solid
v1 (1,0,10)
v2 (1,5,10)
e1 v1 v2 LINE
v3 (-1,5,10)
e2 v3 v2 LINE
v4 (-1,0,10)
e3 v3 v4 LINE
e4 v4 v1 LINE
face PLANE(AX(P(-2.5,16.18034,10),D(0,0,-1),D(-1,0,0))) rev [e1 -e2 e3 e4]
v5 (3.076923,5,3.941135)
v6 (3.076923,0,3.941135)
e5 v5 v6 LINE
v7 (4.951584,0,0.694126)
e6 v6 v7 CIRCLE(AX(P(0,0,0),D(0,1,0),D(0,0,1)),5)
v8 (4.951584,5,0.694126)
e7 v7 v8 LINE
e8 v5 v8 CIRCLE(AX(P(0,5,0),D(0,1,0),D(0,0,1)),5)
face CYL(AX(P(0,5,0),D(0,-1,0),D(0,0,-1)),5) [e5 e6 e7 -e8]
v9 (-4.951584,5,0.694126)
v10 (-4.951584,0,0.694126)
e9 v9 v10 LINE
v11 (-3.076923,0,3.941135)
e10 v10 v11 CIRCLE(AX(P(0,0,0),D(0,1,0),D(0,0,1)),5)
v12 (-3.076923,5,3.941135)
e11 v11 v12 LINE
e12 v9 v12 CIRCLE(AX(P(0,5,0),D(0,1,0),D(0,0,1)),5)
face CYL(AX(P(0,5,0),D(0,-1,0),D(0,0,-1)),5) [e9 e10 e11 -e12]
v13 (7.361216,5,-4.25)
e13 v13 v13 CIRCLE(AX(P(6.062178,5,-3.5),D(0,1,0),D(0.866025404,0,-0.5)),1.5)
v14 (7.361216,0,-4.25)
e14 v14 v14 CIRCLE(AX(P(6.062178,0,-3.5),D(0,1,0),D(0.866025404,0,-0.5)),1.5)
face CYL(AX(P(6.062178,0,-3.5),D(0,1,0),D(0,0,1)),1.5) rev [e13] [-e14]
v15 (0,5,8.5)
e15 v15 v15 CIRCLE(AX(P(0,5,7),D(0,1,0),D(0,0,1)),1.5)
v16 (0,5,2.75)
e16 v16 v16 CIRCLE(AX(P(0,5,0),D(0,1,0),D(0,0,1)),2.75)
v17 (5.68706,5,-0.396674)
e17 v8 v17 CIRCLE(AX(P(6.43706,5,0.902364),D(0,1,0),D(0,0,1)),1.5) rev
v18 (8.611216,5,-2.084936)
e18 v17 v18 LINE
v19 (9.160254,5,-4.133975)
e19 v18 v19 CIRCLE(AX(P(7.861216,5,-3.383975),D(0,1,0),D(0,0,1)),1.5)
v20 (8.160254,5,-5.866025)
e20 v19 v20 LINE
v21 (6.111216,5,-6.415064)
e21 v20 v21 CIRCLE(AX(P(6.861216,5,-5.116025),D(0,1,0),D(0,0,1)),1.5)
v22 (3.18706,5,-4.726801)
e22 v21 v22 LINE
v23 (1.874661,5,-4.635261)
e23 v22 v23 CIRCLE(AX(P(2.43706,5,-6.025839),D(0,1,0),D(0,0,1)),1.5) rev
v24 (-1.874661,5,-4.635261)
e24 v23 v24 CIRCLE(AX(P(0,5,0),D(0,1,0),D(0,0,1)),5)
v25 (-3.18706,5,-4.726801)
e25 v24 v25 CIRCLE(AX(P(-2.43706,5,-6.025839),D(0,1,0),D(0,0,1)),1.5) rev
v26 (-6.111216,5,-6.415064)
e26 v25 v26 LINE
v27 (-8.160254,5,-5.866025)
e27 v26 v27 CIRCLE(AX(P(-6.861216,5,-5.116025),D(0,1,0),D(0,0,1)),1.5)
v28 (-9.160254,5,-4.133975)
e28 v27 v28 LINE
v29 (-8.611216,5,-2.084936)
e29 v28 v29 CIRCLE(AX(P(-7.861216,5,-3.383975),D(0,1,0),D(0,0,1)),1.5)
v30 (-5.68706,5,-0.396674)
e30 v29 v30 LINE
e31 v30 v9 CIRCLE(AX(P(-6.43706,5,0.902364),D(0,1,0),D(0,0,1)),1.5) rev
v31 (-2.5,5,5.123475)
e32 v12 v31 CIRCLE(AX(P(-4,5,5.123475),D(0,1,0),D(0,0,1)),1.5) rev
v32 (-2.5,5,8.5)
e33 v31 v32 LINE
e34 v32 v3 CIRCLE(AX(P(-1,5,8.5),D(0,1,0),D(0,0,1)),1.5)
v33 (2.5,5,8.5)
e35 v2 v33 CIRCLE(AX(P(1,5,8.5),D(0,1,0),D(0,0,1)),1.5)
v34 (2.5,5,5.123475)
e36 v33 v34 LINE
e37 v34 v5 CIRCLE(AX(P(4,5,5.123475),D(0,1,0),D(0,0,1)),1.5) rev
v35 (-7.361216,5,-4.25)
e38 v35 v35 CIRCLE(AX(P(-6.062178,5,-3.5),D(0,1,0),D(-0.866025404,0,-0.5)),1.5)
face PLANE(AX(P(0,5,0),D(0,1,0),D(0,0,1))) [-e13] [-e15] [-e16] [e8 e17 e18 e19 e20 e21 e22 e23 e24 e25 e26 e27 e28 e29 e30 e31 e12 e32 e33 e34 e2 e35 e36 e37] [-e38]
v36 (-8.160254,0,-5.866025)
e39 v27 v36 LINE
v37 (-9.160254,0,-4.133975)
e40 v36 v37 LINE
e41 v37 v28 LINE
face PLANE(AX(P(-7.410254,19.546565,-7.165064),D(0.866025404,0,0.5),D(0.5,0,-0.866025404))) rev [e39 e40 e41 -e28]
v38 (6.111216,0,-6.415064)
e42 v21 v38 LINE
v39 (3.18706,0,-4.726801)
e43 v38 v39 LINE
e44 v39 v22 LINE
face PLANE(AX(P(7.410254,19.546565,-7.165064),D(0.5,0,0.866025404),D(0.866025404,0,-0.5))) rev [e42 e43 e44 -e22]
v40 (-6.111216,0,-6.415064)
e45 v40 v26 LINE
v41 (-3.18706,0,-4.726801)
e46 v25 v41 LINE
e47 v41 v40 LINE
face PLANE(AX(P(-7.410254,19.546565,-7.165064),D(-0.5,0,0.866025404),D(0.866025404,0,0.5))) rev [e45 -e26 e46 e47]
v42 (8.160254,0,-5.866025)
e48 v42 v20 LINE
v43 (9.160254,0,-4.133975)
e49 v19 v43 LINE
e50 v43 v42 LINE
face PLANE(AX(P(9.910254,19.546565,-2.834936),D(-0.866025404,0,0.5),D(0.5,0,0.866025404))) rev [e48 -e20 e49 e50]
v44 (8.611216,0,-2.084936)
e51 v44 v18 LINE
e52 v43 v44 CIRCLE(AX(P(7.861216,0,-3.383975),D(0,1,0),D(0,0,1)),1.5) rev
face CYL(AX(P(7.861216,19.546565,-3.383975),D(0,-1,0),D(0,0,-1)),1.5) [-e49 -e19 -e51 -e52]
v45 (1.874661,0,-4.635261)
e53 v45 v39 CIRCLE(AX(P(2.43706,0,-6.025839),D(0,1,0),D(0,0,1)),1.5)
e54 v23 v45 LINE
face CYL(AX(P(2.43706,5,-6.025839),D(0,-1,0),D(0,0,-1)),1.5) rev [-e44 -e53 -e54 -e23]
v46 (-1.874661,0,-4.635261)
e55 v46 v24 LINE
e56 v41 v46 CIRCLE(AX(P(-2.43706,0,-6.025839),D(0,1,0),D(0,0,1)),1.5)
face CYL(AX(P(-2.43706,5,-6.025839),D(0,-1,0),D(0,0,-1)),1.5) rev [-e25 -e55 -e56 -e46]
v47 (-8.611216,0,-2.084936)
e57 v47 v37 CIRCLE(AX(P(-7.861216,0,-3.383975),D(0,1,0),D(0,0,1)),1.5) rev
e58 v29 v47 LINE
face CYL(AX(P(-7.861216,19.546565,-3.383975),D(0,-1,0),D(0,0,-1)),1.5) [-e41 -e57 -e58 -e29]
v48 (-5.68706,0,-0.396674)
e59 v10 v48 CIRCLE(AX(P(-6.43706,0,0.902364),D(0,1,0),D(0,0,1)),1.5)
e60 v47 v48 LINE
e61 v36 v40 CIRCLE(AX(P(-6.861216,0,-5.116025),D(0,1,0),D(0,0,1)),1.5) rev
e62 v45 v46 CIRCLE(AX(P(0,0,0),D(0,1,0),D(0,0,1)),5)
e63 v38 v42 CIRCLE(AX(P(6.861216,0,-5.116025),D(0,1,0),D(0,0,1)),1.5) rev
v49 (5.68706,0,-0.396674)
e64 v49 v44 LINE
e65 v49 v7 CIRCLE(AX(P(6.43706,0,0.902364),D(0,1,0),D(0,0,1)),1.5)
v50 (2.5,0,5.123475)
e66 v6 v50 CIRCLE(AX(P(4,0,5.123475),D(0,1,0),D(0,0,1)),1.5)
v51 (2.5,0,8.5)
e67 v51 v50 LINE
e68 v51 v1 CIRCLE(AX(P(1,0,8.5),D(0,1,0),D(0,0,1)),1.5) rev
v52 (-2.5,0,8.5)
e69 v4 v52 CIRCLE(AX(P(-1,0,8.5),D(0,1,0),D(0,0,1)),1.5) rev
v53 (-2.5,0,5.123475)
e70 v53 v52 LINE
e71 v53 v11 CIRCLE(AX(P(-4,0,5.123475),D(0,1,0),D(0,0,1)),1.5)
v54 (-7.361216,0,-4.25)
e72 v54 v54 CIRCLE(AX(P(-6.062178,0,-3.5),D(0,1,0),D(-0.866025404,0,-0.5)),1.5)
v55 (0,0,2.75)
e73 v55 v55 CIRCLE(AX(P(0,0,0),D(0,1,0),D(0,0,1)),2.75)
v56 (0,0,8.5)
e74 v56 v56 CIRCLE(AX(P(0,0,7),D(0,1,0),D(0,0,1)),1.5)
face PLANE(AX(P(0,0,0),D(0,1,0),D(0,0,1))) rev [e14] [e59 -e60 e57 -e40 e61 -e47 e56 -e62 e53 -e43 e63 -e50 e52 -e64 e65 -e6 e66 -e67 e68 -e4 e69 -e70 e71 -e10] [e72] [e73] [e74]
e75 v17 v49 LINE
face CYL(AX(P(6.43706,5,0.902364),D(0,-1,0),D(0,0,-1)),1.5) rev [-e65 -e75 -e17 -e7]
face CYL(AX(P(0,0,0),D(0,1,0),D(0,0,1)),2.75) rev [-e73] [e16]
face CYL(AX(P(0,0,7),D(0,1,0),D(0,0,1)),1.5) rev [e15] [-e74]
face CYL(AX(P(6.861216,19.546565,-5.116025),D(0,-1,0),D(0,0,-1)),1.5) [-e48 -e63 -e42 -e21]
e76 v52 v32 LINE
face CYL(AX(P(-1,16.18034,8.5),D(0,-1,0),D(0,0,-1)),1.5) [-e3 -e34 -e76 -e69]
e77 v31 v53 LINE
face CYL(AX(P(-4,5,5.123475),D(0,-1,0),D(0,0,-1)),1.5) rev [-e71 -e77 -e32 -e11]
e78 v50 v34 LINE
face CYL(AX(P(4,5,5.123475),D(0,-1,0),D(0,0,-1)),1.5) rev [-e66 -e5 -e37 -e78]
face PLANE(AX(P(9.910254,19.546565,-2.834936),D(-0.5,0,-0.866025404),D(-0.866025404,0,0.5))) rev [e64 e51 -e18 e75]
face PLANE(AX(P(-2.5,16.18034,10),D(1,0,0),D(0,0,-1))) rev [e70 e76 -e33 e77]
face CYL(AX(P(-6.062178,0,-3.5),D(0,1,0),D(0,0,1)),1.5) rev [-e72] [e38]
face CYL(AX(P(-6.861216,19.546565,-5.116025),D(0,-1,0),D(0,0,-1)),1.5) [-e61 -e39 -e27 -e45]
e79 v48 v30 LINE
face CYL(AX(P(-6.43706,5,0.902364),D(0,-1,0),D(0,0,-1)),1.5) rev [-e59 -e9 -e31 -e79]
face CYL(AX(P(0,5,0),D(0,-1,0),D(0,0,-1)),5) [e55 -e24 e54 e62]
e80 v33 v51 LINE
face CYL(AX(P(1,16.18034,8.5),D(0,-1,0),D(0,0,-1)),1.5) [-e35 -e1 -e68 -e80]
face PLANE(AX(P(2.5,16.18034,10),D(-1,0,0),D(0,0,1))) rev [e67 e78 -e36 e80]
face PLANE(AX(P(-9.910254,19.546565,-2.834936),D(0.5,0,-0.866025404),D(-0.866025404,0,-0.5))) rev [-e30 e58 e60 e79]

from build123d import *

# Parameters (mm, degrees)
SKETCH1_R                = 5
BOSS_EXTRUDE1_DEPTH      = 5
SKETCH2_W                = 5
SKETCH2_H                = 10
BOSS_EXTRUDE2_DEPTH      = 5
SKETCH3_R                = 1.5
CUT_EXTRUDE1_DEPTH       = 6
FILLET1_R                = 1.5
CIRPATTERN1_COUNT        = 3
FILLET1_OF_CIRPATTERN1_R = 1.5
SKETCH4_R                = 2.75
CUT_EXTRUDE2_DEPTH       = 6


with BuildPart() as part:
    # Sketch1 → Boss-Extrude1 (new body)
    with BuildSketch(Plane(origin=(0, 0, 0), x_dir=(1, 0, 0), z_dir=(0, 1, 0))):
        Circle(SKETCH1_R)
    extrude(amount=BOSS_EXTRUDE1_DEPTH)

    # Sketch2 → Boss-Extrude2 (add)
    with BuildSketch(Plane(origin=(0, 0, 0), x_dir=(1, 0, 0), z_dir=(0, 1, 0))):
        with Locations((0, -5)):
            Rectangle(SKETCH2_W, SKETCH2_H)
    boss_extrude2 = extrude(amount=BOSS_EXTRUDE2_DEPTH)

    # Sketch3 → Cut-Extrude1 (cut, through all)
    with BuildSketch(Plane(origin=(0, 5, 0), x_dir=(1, 0, 0), z_dir=(0, 1, 0))):
        with Locations((0, -7)):
            Circle(SKETCH3_R)
    cut_extrude1 = extrude(amount=-CUT_EXTRUDE1_DEPTH, mode=Mode.SUBTRACT)

    # Fillet1
    fillet1_edges = [part.edges().sort_by_distance(p)[0] for p in [
        (2.5, 2.5, 4.330127019),
        (2.5, 2.5, 10),
        (-2.5, 2.5, 4.330127019),
        (-2.5, 2.5, 10),
    ]]
    fillet(fillet1_edges, radius=FILLET1_R)

    # CirPattern1: Boss-Extrude2, Cut-Extrude1 ×3 about axis
    cirpattern1_axis = Axis((0, 0, 0), (0, 1, 0))
    for i in range(1, CIRPATTERN1_COUNT):
        add(boss_extrude2.rotate(cirpattern1_axis, i * 360 / CIRPATTERN1_COUNT))
        add(cut_extrude1.rotate(cirpattern1_axis, i * 360 / CIRPATTERN1_COUNT), mode=Mode.SUBTRACT)

    # Fillet1 of CirPattern1
    fillet1_of_cirpattern1_edges = [part.edges().sort_by_distance(p)[0] for p in [
        (2.5, 2.5, -4.330127019),
        (7.410254038, 2.5, -7.165063509),
        (5, 2.5, 0),
        (9.910254038, 2.5, -2.834936491),
        (-5, 2.5, 0),
        (-9.910254038, 2.5, -2.834936491),
        (-2.5, 2.5, -4.330127019),
        (-7.410254038, 2.5, -7.165063509),
    ]]
    fillet(fillet1_of_cirpattern1_edges, radius=FILLET1_OF_CIRPATTERN1_R)

    # Sketch4 → Cut-Extrude2 (cut, through all)
    with BuildSketch(Plane(origin=(0, 5, 0), x_dir=(1, 0, 0), z_dir=(0, 1, 0))):
        Circle(SKETCH4_R)
    extrude(amount=-CUT_EXTRUDE2_DEPTH, mode=Mode.SUBTRACT)


solid = part.part
